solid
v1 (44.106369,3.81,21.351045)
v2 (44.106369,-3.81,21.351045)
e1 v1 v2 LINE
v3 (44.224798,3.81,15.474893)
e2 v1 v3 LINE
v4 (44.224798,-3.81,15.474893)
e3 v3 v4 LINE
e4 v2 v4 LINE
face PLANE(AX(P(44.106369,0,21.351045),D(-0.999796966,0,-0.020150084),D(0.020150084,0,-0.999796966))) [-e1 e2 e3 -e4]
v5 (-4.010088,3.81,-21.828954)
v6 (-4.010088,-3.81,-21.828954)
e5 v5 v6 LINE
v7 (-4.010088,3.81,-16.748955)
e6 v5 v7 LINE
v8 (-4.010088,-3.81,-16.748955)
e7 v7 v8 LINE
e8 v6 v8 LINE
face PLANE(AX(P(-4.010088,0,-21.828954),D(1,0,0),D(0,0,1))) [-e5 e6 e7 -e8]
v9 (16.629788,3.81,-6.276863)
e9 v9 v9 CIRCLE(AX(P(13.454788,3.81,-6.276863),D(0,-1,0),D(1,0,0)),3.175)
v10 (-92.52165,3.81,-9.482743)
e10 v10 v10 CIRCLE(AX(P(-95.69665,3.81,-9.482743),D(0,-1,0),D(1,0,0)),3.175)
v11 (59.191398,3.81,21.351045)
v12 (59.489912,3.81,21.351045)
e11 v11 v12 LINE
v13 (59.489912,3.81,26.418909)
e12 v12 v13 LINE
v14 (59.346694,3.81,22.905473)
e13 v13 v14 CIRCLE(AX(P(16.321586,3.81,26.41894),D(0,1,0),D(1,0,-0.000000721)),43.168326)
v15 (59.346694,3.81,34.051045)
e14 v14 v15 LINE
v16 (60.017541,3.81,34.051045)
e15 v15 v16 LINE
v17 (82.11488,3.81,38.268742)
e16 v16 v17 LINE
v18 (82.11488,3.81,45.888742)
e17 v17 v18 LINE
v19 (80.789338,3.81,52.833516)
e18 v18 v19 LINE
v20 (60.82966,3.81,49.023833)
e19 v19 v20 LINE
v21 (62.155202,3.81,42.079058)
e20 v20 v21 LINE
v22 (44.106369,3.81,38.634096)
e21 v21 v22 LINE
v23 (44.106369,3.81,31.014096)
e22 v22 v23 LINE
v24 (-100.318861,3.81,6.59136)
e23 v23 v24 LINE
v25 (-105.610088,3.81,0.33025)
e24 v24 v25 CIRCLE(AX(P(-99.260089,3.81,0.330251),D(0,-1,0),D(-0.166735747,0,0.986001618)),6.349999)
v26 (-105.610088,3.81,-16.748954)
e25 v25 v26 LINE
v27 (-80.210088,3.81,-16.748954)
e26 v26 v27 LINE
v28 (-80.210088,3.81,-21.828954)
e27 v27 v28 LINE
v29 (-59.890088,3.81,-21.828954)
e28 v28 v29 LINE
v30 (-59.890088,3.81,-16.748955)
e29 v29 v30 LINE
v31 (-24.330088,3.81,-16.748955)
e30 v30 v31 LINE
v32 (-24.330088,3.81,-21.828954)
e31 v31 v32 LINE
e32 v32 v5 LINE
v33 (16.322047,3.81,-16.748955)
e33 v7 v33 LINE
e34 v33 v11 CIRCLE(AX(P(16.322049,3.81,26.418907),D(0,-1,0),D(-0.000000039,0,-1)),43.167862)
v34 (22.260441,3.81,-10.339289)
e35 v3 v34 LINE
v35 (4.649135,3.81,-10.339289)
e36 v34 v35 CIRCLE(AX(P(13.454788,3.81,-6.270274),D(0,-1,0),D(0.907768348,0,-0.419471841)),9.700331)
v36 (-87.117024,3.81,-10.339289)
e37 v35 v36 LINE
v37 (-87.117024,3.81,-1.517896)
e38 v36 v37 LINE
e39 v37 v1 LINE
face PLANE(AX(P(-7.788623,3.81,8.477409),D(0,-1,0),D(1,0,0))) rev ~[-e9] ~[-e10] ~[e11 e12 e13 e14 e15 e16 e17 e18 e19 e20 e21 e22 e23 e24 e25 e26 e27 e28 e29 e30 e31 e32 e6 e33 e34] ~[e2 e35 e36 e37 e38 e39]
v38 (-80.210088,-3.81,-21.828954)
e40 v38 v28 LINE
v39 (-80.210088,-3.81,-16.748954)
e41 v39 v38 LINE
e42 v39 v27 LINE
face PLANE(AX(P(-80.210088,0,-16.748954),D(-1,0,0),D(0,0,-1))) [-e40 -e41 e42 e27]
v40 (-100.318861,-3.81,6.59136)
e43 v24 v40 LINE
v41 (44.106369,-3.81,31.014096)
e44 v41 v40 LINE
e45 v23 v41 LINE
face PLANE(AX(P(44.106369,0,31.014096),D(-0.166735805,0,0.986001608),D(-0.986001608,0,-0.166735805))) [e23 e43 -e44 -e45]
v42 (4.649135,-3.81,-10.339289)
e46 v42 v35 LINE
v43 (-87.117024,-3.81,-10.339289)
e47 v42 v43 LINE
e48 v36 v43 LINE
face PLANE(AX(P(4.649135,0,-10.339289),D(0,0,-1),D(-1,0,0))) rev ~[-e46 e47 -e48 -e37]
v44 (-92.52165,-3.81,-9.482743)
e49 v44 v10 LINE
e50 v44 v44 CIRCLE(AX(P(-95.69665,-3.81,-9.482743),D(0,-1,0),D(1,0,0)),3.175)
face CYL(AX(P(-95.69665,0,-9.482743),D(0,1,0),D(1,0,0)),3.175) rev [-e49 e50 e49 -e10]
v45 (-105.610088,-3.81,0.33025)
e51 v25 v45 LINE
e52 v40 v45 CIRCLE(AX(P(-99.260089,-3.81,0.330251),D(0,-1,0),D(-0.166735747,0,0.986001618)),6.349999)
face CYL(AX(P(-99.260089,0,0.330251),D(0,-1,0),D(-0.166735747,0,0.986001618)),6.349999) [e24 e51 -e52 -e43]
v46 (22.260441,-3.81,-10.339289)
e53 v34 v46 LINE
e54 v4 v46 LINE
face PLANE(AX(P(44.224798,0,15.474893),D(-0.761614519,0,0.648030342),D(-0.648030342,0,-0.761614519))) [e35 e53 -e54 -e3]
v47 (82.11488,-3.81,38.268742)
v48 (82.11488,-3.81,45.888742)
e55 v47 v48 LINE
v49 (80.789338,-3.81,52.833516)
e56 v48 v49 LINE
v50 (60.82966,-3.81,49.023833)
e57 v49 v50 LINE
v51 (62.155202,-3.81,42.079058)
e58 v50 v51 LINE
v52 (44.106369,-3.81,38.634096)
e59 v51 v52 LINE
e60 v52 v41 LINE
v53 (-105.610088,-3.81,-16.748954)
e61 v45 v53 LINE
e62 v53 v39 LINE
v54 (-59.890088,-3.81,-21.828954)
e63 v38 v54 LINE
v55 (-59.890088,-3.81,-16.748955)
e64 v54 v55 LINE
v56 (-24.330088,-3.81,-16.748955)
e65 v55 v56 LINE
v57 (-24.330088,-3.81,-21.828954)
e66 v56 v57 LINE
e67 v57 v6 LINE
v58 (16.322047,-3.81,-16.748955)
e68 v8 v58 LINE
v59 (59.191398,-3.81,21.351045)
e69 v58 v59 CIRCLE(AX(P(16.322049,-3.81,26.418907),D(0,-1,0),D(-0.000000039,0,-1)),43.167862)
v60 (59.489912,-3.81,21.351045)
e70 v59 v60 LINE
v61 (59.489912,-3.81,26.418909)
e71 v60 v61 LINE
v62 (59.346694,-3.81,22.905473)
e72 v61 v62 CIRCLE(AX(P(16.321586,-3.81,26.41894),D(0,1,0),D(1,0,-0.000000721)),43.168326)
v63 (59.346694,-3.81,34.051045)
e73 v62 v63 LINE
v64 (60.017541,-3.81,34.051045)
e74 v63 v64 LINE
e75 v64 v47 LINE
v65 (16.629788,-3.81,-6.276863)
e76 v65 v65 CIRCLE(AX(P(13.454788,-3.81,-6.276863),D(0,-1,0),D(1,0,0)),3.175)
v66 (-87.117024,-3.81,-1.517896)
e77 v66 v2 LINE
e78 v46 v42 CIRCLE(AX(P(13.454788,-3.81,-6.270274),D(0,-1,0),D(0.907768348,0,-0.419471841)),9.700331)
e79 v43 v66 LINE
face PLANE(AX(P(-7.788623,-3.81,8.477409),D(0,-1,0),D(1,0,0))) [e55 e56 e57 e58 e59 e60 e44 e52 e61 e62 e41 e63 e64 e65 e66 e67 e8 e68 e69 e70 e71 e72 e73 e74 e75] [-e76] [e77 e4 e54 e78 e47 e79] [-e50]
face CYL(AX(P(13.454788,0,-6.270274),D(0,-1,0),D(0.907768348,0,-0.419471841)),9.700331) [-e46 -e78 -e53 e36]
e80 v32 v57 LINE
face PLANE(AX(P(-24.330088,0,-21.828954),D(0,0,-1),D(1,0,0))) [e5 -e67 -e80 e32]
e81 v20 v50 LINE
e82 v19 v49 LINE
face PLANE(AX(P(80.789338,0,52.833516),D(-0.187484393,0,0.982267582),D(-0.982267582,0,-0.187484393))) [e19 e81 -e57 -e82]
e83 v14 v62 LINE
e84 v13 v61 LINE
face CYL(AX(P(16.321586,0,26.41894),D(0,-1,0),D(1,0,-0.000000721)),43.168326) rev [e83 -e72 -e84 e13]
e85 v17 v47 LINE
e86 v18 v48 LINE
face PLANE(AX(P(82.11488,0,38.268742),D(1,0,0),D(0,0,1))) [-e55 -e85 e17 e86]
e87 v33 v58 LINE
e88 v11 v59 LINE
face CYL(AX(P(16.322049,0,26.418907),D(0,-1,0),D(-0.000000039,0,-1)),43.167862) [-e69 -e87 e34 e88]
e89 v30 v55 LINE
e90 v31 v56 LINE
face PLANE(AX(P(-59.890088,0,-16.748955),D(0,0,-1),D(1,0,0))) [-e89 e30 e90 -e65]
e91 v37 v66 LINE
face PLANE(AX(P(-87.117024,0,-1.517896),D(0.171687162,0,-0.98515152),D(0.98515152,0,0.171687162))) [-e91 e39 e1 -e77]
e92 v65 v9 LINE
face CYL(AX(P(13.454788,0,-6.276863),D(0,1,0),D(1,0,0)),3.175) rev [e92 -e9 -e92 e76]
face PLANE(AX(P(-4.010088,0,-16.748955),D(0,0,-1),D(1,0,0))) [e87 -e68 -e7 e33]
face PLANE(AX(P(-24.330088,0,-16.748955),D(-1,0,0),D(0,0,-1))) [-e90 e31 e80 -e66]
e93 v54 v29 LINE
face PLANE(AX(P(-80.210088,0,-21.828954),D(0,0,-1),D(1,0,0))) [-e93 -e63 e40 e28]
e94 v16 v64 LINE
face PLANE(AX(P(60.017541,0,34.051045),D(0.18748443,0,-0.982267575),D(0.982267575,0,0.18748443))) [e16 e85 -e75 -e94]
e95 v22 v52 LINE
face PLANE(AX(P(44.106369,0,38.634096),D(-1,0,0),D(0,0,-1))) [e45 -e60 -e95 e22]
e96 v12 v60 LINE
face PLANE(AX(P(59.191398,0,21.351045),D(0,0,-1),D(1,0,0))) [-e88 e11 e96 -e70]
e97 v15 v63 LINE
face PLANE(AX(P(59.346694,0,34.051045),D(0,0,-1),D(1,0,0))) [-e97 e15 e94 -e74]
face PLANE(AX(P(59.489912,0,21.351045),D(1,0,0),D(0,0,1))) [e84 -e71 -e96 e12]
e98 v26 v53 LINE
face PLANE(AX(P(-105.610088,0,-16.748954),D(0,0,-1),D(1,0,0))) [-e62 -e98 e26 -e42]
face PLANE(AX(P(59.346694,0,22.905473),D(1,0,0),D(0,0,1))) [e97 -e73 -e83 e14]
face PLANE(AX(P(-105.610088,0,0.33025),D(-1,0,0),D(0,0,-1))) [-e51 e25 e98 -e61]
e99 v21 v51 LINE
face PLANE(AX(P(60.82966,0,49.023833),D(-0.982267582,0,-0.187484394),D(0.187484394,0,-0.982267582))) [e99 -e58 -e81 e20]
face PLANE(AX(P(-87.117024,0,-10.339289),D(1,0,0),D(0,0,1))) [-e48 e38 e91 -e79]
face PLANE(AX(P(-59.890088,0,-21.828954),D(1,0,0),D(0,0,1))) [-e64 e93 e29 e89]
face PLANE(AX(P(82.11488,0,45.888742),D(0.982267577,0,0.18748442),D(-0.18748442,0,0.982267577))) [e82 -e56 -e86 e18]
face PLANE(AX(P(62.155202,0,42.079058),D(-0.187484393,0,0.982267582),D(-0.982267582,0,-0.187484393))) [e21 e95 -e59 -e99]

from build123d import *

# Parameters (mm, degrees)
F0_R     = 3.175
F1_DEPTH = 3.81


with BuildPart() as f1:
    # F0 (on Front) → F1 (new body, symmetric)
    with BuildSketch(Plane.XZ):
        with BuildLine():
            Line((-59.890088, -21.828954), (-59.890088, -16.748955))
            Line((-59.890088, -16.748955), (-24.330088, -16.748955))
            Line((-24.330088, -16.748955), (-24.330088, -21.828954))
            Line((-24.330088, -21.828954), (-4.010088, -21.828954))
            Line((-4.010088, -21.828954), (-4.010088, -16.748955))
            Line((-4.010088, -16.748955), (16.322047, -16.748955))
            ThreePointArc((16.322047, -16.748955), (44.998655, -5.847431), (59.191398, 21.351045))
            ThreePointArc((59.191398, 21.351045), (59.276078, 22.127556), (59.346694, 22.905473))
            Line((59.346694, 22.905473), (59.346694, 34.051045))
            Line((59.346694, 34.051045), (60.017541, 34.051045))
            Line((60.017541, 34.051045), (82.11488, 38.268742))
            Line((82.11488, 38.268742), (82.11488, 45.888742))
            Line((82.11488, 45.888742), (80.789338, 52.833516))
            Line((80.789338, 52.833516), (60.82966, 49.023833))
            Line((60.82966, 49.023833), (62.155202, 42.079058))
            Line((62.155202, 42.079058), (44.106369, 38.634096))
            Line((44.106369, 38.634096), (44.106369, 31.014096))
            Line((44.106369, 31.014096), (-100.318861, 6.59136))
            ThreePointArc((-100.318861, 6.59136), (-104.110125, 4.428987), (-105.610088, 0.33025))
            Line((-105.610088, 0.33025), (-105.610088, -16.748954))
            Line((-105.610088, -16.748954), (-80.210088, -16.748954))
            Line((-80.210088, -16.748954), (-80.210088, -21.828954))
            Line((-80.210088, -21.828954), (-59.890088, -21.828954))
        make_face()
        with Locations((-95.69665, -9.482743)):
            Circle(F0_R, mode=Mode.SUBTRACT)
        with BuildLine():
            Line((-87.117024, -1.517896), (44.106369, 21.351045))
            Line((44.106369, 21.351045), (44.224798, 15.474893))
            Line((44.224798, 15.474893), (22.260441, -10.339289))
            ThreePointArc((22.260441, -10.339289), (13.454788, 3.430057), (4.649135, -10.339289))
            Line((4.649135, -10.339289), (-87.117024, -10.339289))
            Line((-87.117024, -10.339289), (-87.117024, -1.517896))
        make_face(mode=Mode.SUBTRACT)
        with Locations((13.454788, -6.276863)):
            Circle(F0_R, mode=Mode.SUBTRACT)
        with BuildLine():
            ThreePointArc((59.346694, 22.905473), (59.276078, 22.127556), (59.191398, 21.351045))
            Line((59.191398, 21.351045), (59.346694, 21.351045))
            Line((59.346694, 21.351045), (59.346694, 22.905473))
        make_face()
        with BuildLine():
            ThreePointArc((59.489912, 26.418909), (59.454092, 24.660732), (59.346694, 22.905473))
            Line((59.346694, 22.905473), (59.346694, 21.351045))
            Line((59.346694, 21.351045), (59.489912, 21.351045))
            Line((59.489912, 21.351045), (59.489912, 26.418909))
        make_face()
    extrude(amount=F1_DEPTH, both=True)


solid = f1.part
